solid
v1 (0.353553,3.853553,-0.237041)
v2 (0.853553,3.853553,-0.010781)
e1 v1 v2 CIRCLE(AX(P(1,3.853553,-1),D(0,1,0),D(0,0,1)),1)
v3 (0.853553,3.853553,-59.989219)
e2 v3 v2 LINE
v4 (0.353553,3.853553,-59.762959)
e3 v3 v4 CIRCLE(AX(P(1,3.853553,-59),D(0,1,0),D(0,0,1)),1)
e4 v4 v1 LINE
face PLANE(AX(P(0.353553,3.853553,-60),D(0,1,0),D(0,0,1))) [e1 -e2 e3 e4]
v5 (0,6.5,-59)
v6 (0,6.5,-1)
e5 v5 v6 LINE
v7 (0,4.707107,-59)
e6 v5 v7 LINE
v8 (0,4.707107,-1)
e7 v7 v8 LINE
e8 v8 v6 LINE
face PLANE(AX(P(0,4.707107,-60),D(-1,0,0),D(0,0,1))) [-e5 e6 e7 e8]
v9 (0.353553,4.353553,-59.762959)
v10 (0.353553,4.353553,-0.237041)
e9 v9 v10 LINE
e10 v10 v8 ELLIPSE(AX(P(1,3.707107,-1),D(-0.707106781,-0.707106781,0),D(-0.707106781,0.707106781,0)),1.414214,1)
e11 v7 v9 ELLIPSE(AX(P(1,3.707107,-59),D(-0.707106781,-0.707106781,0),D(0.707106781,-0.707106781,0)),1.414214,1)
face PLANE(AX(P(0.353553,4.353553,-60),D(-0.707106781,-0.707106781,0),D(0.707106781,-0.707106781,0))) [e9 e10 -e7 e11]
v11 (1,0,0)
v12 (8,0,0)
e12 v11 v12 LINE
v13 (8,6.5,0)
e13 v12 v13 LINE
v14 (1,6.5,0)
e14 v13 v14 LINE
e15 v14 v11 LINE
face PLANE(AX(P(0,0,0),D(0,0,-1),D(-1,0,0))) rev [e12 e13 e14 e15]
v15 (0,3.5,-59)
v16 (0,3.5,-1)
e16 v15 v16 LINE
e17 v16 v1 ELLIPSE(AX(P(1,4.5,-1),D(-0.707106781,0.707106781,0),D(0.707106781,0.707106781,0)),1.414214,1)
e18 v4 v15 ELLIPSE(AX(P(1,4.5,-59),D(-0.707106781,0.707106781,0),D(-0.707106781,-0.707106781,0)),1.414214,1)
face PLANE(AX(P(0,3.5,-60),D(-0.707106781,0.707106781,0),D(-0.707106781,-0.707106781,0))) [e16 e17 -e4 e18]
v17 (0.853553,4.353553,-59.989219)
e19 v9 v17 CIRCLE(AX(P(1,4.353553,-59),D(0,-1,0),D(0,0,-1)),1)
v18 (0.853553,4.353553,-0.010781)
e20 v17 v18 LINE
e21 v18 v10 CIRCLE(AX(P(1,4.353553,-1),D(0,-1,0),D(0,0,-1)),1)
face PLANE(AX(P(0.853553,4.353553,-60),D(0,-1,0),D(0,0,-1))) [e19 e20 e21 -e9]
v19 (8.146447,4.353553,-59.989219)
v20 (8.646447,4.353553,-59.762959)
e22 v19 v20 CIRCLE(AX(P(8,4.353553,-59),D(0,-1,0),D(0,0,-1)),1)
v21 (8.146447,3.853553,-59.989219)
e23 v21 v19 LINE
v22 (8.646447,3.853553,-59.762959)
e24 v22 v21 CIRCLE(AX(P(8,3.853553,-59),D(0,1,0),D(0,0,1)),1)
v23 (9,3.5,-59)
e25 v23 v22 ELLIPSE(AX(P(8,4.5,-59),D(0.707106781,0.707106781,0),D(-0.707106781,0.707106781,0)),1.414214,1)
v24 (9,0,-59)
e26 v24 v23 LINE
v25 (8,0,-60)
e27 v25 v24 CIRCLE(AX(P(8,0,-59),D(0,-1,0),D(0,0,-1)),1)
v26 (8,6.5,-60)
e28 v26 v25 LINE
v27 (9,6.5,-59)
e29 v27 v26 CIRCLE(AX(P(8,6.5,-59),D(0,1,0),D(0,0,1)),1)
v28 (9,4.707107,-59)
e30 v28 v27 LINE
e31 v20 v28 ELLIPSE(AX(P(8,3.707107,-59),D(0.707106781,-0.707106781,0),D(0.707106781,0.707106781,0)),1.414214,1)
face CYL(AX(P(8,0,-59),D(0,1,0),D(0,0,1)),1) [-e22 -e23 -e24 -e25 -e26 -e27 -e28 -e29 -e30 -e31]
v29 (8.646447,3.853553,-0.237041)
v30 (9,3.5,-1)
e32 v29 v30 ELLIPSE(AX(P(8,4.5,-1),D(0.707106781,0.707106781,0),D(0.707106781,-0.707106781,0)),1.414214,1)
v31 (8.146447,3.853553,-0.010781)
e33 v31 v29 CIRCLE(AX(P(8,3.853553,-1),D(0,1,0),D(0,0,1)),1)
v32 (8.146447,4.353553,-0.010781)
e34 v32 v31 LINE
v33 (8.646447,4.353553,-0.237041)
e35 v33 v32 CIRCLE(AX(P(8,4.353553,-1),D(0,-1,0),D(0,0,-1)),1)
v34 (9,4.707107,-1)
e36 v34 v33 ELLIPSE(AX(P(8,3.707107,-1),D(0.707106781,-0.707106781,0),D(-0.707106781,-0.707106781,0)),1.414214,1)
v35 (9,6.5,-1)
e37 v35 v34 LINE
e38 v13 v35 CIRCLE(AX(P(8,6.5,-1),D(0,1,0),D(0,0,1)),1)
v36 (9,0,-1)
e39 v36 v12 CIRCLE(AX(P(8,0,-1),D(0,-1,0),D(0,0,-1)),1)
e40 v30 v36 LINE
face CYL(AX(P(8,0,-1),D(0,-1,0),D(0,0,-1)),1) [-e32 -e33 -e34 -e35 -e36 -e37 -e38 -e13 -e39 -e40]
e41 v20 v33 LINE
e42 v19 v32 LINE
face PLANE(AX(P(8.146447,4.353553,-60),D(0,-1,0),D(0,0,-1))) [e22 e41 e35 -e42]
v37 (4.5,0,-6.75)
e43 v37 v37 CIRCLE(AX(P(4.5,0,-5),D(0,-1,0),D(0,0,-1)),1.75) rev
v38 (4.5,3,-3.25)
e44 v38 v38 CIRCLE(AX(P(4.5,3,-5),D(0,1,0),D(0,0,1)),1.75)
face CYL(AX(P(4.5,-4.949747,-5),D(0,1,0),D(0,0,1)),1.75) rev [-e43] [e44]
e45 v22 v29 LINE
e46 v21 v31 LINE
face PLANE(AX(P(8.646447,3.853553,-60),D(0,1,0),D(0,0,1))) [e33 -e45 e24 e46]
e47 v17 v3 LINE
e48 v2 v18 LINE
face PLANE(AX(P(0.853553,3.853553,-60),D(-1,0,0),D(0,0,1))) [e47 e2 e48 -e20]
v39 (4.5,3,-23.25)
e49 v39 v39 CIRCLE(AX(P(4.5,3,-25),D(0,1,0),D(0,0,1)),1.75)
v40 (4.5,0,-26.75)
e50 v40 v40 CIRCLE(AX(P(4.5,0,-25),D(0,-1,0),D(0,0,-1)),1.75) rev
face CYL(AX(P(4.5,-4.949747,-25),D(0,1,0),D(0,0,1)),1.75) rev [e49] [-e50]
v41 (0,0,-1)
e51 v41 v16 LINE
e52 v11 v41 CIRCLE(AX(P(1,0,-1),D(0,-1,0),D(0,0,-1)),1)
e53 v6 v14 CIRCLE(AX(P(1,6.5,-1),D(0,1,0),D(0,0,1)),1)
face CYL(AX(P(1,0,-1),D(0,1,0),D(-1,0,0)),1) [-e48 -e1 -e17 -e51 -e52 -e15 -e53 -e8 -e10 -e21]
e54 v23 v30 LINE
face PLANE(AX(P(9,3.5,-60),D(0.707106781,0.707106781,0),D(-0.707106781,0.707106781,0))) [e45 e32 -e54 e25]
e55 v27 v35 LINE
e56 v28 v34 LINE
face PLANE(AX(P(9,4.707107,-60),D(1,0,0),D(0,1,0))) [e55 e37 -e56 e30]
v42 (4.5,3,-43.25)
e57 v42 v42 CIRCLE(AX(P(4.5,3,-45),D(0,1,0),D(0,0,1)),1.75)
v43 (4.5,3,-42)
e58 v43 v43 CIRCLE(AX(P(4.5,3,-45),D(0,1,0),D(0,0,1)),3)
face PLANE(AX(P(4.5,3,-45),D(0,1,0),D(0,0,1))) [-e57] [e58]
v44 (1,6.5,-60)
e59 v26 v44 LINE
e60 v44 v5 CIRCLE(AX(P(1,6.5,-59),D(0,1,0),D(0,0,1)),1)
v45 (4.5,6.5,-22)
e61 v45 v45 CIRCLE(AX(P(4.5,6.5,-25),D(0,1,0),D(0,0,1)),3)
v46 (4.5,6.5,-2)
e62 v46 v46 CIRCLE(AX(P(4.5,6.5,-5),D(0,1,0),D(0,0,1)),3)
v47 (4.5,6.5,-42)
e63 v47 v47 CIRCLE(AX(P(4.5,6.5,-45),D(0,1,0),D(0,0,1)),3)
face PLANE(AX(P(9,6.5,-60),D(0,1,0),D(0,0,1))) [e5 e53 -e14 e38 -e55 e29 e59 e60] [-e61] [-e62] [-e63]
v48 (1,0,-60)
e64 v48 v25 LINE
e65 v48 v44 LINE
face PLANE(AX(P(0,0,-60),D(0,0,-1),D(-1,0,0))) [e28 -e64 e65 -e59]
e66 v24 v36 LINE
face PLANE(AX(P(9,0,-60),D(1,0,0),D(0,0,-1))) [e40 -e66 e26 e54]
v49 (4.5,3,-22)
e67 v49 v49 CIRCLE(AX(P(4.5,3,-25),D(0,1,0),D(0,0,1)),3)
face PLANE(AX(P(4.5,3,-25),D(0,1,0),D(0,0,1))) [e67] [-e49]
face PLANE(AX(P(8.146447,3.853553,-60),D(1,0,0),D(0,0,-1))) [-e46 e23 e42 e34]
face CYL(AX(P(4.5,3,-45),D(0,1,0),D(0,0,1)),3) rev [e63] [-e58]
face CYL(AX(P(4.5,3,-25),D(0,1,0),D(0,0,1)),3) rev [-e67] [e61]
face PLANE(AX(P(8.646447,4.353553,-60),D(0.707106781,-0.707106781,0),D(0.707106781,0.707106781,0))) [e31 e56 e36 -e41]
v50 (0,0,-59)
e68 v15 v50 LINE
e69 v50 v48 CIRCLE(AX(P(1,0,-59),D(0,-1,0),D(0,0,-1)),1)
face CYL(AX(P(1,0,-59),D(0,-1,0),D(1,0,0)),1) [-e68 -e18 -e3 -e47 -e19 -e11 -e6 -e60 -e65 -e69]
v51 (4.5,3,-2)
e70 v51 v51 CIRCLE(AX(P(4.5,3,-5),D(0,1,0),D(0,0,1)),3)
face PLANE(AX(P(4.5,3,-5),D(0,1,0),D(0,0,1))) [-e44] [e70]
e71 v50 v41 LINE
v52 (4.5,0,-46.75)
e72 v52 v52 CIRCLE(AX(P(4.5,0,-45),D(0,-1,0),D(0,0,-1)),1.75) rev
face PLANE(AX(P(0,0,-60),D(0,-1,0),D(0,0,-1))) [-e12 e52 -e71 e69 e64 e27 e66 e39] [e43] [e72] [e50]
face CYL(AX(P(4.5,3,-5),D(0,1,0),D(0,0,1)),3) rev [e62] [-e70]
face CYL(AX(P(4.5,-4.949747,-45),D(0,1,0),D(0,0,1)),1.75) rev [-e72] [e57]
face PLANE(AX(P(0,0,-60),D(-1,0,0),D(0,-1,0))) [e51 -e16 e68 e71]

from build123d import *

# Parameters (mm, degrees)
EXTRUDE_2_DEPTH     = 60
SKETCH_3_R          = 3
CUT_EXTRUDE_1_DEPTH = 3.5
SKETCH_4_R          = 1.75
CUT_EXTRUDE_2_DEPTH = 3
FILLET_1_R          = 1


with BuildPart() as part:
    # 草图2 → 凸台-拉伸2 (new body)
    with BuildSketch(Plane.XY):
        Polygon((0, 0), (9, 0), (9, 3.5), (8.646446609, 3.853553391), (8.146446609, 3.853553391), (8.146446609, 4.353553391), (8.646446609, 4.353553391), (9, 4.707106781), (9, 6.5), (0, 6.5), (0, 4.707106781), (0.353553391, 4.353553391), (0.853553391, 4.353553391), (0.853553391, 3.853553391), (0.353553391, 3.853553391), (0, 3.5), align=None)
    extrude(amount=-EXTRUDE_2_DEPTH)

    # 草图3 → 切除-拉伸1 (cut)
    with BuildSketch(Plane(origin=(0, 6.5, 0), x_dir=(1, 0, 0), z_dir=(0, 1, 0))):
        with Locations(Location((4.5, 5, 0), (0, 0, 270))):
            Circle(SKETCH_3_R)
        with Locations(Location((4.5, 25, 0), (0, 0, 270))):
            Circle(SKETCH_3_R)
        with Locations(Location((4.5, 45, 0), (0, 0, 270))):
            Circle(SKETCH_3_R)
        with Locations((4.5, 65)):
            Circle(SKETCH_3_R)
        with Locations((4.5, 85)):
            Circle(SKETCH_3_R)
        with Locations((4.5, 105)):
            Circle(SKETCH_3_R)
        with Locations((4.5, 125)):
            Circle(SKETCH_3_R)
        with Locations((4.5, 145)):
            Circle(SKETCH_3_R)
        with Locations((4.5, 165)):
            Circle(SKETCH_3_R)
        with Locations((4.5, 185)):
            Circle(SKETCH_3_R)
        with Locations((4.5, 205)):
            Circle(SKETCH_3_R)
        with Locations((4.5, 225)):
            Circle(SKETCH_3_R)
    extrude(amount=-CUT_EXTRUDE_1_DEPTH, mode=Mode.SUBTRACT)

    # 草图4 → 切除-拉伸2 (cut)
    with BuildSketch(Plane(origin=(0, 3, 0), x_dir=(1, 0, 0), z_dir=(0, 1, 0))):
        with Locations(Location((4.5, 5, 0), (0, 0, 270))):
            Circle(SKETCH_4_R)
        with Locations(Location((4.5, 25, 0), (0, 0, 270))):
            Circle(SKETCH_4_R)
        with Locations(Location((4.5, 45, 0), (0, 0, 270))):
            Circle(SKETCH_4_R)
        with Locations((4.5, 65)):
            Circle(SKETCH_4_R)
        with Locations((4.5, 85)):
            Circle(SKETCH_4_R)
        with Locations((4.5, 105)):
            Circle(SKETCH_4_R)
        with Locations((4.5, 125)):
            Circle(SKETCH_4_R)
        with Locations((4.5, 145)):
            Circle(SKETCH_4_R)
        with Locations((4.5, 165)):
            Circle(SKETCH_4_R)
        with Locations((4.5, 185)):
            Circle(SKETCH_4_R)
        with Locations((4.5, 205)):
            Circle(SKETCH_4_R)
        with Locations((4.5, 225)):
            Circle(SKETCH_4_R)
    extrude(amount=-CUT_EXTRUDE_2_DEPTH, mode=Mode.SUBTRACT)

    # 圆角1
    fillet_1_edges = [part.edges().sort_by_distance(p)[0] for p in [
        (9, 1.75, -60),
        (0, 1.75, -60),
        (9, 1.75, 0),
        (0, 1.75, 0),
    ]]
    fillet(fillet_1_edges, radius=FILLET_1_R)


solid = part.part
